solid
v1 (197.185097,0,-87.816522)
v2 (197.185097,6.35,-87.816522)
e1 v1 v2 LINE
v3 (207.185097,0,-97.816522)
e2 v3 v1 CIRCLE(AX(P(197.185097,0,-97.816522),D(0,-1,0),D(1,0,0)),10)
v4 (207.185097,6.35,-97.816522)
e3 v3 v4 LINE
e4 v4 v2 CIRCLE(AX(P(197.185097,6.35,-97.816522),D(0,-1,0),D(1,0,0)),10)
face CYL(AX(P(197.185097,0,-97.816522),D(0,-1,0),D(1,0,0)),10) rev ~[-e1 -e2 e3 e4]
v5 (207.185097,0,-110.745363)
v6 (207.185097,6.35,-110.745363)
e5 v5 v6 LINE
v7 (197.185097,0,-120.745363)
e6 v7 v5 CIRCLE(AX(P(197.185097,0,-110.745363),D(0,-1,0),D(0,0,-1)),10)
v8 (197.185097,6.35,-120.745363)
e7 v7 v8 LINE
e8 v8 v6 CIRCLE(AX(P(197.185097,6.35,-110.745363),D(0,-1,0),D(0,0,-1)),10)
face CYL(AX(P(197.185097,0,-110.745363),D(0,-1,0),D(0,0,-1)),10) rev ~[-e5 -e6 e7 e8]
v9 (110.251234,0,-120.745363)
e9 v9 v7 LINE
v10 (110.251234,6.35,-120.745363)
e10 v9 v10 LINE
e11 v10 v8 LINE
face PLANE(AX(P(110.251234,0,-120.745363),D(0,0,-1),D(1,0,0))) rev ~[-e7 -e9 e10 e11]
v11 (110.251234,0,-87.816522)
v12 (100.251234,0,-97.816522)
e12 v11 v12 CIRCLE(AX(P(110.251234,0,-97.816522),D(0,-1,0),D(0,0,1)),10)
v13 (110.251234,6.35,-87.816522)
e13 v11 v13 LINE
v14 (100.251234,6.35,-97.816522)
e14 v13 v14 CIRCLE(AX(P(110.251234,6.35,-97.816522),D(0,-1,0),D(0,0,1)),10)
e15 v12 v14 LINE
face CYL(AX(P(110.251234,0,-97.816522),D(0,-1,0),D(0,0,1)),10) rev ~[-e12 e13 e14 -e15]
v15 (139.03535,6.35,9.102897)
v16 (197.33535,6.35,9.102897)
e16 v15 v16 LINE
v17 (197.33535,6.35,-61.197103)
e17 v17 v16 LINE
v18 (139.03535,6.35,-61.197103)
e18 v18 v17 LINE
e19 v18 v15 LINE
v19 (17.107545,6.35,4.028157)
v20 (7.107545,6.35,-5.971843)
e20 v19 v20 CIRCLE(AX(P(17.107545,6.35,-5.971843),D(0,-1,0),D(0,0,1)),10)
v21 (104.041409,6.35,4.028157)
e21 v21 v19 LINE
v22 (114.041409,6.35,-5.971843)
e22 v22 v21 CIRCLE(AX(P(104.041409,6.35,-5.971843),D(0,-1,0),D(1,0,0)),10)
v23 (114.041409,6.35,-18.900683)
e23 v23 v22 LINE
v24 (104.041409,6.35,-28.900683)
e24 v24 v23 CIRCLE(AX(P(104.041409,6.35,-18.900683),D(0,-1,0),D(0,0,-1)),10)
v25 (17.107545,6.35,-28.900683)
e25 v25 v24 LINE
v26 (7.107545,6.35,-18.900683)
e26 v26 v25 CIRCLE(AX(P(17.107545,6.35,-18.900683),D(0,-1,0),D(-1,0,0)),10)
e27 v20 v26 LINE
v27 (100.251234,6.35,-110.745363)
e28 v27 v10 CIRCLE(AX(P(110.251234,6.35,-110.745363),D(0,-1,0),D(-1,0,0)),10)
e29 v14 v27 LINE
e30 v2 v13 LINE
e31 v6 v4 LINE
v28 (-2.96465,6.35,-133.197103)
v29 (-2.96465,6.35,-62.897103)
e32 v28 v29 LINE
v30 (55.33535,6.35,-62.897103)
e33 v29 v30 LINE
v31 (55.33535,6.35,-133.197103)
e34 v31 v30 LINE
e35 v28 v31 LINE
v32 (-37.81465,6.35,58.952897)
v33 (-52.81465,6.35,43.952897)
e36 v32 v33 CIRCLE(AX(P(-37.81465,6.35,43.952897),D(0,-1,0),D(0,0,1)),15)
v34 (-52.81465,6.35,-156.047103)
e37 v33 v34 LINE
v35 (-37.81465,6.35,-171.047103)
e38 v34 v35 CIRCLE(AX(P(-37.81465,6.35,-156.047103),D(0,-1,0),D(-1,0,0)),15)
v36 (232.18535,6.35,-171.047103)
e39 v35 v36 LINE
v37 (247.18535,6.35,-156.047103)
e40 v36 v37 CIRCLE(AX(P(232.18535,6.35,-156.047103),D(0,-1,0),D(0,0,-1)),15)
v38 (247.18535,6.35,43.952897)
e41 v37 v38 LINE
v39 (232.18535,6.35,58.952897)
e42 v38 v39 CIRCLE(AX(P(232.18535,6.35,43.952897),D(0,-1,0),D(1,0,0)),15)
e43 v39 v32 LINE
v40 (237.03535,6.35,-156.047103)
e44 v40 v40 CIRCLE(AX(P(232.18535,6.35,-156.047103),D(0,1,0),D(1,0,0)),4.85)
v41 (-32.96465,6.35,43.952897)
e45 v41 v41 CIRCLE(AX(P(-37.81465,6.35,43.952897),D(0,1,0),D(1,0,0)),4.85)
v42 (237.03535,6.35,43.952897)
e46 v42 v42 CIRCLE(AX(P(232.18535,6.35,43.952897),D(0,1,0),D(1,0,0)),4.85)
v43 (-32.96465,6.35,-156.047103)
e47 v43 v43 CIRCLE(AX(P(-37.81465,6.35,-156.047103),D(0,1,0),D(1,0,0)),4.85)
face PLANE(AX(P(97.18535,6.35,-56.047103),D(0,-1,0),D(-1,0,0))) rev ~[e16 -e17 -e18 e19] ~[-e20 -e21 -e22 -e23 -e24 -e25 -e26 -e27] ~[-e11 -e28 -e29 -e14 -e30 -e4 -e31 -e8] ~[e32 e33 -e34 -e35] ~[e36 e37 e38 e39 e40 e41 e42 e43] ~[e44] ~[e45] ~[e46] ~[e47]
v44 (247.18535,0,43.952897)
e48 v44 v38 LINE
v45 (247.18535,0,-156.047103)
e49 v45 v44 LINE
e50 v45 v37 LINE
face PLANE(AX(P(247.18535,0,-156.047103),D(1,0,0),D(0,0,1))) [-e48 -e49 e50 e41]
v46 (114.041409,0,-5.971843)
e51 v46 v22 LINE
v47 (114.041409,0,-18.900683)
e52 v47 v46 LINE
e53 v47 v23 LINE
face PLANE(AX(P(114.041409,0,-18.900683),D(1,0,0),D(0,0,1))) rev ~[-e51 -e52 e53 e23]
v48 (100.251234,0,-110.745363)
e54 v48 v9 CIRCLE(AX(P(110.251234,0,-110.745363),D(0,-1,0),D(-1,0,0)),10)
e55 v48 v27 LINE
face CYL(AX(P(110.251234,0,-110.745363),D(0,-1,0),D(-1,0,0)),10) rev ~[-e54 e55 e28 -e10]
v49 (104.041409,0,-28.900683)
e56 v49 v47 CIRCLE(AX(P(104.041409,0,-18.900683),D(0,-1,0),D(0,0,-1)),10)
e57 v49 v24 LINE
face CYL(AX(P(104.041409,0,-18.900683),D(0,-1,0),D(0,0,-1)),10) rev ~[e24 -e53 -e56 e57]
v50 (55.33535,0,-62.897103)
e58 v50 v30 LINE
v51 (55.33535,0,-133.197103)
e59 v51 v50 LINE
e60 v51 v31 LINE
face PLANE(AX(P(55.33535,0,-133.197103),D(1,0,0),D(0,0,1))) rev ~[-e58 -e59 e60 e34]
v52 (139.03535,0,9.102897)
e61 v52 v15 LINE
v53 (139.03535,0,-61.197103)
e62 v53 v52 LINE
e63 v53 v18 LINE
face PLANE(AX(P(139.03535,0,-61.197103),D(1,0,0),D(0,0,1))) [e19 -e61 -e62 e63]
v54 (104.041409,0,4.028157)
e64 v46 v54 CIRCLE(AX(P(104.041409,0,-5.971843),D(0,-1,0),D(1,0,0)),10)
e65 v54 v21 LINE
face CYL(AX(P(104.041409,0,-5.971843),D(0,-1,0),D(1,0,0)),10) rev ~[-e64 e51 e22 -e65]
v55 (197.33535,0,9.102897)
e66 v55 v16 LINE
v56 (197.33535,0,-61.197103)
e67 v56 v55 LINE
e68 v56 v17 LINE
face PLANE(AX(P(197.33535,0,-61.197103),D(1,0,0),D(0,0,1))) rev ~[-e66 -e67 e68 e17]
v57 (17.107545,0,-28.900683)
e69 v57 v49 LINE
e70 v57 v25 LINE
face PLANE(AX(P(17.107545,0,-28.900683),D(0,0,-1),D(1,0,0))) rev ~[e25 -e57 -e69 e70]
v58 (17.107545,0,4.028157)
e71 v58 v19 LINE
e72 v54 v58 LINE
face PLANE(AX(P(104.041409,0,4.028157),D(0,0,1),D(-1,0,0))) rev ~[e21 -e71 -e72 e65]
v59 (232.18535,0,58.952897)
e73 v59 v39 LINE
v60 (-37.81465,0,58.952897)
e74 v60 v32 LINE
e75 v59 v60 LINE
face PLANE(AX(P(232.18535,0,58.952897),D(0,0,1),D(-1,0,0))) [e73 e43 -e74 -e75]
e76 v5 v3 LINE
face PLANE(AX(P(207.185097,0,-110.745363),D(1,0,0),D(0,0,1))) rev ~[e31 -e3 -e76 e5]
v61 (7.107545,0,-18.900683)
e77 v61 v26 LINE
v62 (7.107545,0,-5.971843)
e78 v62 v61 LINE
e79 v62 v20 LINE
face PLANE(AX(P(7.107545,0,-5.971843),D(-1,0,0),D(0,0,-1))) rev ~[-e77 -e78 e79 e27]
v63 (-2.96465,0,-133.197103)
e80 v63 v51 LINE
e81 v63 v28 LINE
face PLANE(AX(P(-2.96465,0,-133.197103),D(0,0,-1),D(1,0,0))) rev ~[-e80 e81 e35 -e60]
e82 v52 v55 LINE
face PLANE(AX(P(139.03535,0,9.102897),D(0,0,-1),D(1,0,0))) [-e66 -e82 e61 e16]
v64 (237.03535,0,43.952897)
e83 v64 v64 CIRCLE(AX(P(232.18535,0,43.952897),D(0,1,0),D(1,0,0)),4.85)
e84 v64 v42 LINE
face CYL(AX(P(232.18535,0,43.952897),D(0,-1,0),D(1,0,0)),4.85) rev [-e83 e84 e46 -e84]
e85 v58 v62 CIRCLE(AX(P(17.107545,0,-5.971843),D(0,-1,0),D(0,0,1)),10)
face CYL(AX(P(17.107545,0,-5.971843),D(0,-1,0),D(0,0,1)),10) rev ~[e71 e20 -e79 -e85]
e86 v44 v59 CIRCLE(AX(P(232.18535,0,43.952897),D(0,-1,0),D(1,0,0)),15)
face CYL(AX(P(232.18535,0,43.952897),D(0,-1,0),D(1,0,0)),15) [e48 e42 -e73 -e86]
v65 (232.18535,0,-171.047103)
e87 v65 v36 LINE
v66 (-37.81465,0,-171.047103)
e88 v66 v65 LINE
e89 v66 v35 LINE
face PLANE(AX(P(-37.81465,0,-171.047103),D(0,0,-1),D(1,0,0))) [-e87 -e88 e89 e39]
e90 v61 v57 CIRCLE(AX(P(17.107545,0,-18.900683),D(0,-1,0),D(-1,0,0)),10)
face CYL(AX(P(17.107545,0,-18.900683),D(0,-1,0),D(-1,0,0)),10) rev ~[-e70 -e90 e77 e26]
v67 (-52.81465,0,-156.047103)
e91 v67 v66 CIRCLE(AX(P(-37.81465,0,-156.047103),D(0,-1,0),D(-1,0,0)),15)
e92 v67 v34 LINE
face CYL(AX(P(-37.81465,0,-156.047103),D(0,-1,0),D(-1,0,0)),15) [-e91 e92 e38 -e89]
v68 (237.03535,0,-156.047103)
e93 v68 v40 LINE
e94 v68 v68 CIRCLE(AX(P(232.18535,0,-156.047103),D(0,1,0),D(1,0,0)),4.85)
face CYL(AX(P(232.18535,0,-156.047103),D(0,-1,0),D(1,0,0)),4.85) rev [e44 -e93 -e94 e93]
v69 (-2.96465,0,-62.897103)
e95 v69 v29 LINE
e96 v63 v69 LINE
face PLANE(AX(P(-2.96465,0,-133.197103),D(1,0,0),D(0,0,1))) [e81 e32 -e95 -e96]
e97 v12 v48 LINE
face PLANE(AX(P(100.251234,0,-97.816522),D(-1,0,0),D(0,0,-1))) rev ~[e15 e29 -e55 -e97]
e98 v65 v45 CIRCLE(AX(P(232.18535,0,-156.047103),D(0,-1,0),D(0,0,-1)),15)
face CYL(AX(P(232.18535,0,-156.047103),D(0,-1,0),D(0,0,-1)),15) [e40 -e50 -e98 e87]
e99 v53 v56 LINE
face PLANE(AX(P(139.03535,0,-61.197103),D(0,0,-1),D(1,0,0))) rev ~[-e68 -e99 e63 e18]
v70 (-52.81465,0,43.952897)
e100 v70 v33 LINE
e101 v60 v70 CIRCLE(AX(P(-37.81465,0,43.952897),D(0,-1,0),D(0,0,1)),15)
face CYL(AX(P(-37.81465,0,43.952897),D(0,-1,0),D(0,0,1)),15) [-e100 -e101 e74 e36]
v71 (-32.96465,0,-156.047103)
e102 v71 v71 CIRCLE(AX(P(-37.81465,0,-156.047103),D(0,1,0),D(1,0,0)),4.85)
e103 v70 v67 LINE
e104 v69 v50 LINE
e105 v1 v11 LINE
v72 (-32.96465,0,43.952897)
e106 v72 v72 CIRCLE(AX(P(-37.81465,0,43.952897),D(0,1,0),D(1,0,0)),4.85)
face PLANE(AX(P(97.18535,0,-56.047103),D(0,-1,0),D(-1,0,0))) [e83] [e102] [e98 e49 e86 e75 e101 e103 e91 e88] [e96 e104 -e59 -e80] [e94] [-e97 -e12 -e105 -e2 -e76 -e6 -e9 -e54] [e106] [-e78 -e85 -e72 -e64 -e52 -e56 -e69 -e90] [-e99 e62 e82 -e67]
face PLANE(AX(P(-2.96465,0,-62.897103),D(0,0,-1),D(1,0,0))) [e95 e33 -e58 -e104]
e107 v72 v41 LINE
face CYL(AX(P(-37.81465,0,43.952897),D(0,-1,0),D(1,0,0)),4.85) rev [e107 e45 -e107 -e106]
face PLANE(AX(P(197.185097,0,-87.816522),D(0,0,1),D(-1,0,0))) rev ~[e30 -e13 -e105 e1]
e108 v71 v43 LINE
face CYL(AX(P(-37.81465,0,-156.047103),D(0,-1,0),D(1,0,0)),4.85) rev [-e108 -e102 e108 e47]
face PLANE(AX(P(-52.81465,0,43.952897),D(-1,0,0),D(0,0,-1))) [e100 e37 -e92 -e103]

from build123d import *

# Parameters (mm, degrees)
SKETCH1_R           = 4.85
BOSS_EXTRUDE1_DEPTH = 6.35
SKETCH2_W           = 58.3
SKETCH2_H           = 70.3
CUT_EXTRUDE1_DEPTH  = 6.35
CUT_EXTRUDE2_DEPTH  = 6.35


with BuildPart() as part:
    # Sketch1 → Boss-Extrude1 (new body)
    with BuildSketch(Plane(origin=(0, 0, 0), x_dir=(1, 0, 0), z_dir=(0, 1, 0))):
        with BuildLine():
            Line((-37.814650179, 171.04710305), (232.185349821, 171.04710305))
            ThreePointArc((232.185349821, 171.04710305), (242.791951539, 166.653704768), (247.185349821, 156.04710305))
            Line((247.185349821, 156.04710305), (247.185349821, -43.95289695))
            ThreePointArc((247.185349821, -43.95289695), (242.791951539, -54.559498668), (232.185349821, -58.95289695))
            Line((232.185349821, -58.95289695), (-37.814650179, -58.95289695))
            ThreePointArc((-37.814650179, -58.95289695), (-48.421251896, -54.559498668), (-52.814650179, -43.95289695))
            Line((-52.814650179, -43.95289695), (-52.814650179, 156.04710305))
            ThreePointArc((-52.814650179, 156.04710305), (-48.421251896, 166.653704768), (-37.814650179, 171.04710305))
        make_face()
        with Locations((-37.814650179, 156.04710305)):
            Circle(SKETCH1_R, mode=Mode.SUBTRACT)
        with Locations((232.185349821, 156.04710305)):
            Circle(SKETCH1_R, mode=Mode.SUBTRACT)
        with Locations((232.185349821, -43.95289695)):
            Circle(SKETCH1_R, mode=Mode.SUBTRACT)
        with Locations((-37.814650179, -43.95289695)):
            Circle(SKETCH1_R, mode=Mode.SUBTRACT)
    extrude(amount=BOSS_EXTRUDE1_DEPTH)

    # Sketch2 → Cut-Extrude1 (cut)
    with BuildSketch(Plane.XZ):
        with Locations((168.185349821, -26.04710305)):
            Rectangle(SKETCH2_W, SKETCH2_H)
        with Locations((26.185349821, -98.04710305)):
            Rectangle(SKETCH2_W, SKETCH2_H)
    extrude(amount=-CUT_EXTRUDE1_DEPTH, mode=Mode.SUBTRACT)

    # Sketch3 → Cut-Extrude2 (cut)
    with BuildSketch(Plane.XZ):
        with BuildLine():
            Line((17.107545151, -28.900683481), (104.041408607, -28.900683481))
            ThreePointArc((104.041408607, -28.900683481), (111.112476419, -25.971751293), (114.041408607, -18.900683481))
            Line((114.041408607, -18.900683481), (114.041408607, -5.971842988))
            ThreePointArc((114.041408607, -5.971842988), (111.112476419, 1.099224823), (104.041408607, 4.028157012))
            Line((104.041408607, 4.028157012), (17.107545151, 4.028157012))
            ThreePointArc((17.107545151, 4.028157012), (10.03647734, 1.099224823), (7.107545151, -5.971842988))
            Line((7.107545151, -5.971842988), (7.107545151, -18.900683481))
            ThreePointArc((7.107545151, -18.900683481), (10.03647734, -25.971751293), (17.107545151, -28.900683481))
        make_face()
        with BuildLine():
            Line((110.251233871, -120.745362711), (197.185097326, -120.745362711))
            ThreePointArc((197.185097326, -120.745362711), (204.256165138, -117.816430523), (207.185097326, -110.745362711))
            Line((207.185097326, -110.745362711), (207.185097326, -97.816522218))
            ThreePointArc((207.185097326, -97.816522218), (204.256165138, -90.745454407), (197.185097326, -87.816522218))
            Line((197.185097326, -87.816522218), (110.251233871, -87.816522218))
            ThreePointArc((110.251233871, -87.816522218), (103.180166059, -90.745454407), (100.251233871, -97.816522218))
            Line((100.251233871, -97.816522218), (100.251233871, -110.745362711))
            ThreePointArc((100.251233871, -110.745362711), (103.180166059, -117.816430523), (110.251233871, -120.745362711))
        make_face()
    extrude(amount=-CUT_EXTRUDE2_DEPTH, mode=Mode.SUBTRACT)


solid = part.part
